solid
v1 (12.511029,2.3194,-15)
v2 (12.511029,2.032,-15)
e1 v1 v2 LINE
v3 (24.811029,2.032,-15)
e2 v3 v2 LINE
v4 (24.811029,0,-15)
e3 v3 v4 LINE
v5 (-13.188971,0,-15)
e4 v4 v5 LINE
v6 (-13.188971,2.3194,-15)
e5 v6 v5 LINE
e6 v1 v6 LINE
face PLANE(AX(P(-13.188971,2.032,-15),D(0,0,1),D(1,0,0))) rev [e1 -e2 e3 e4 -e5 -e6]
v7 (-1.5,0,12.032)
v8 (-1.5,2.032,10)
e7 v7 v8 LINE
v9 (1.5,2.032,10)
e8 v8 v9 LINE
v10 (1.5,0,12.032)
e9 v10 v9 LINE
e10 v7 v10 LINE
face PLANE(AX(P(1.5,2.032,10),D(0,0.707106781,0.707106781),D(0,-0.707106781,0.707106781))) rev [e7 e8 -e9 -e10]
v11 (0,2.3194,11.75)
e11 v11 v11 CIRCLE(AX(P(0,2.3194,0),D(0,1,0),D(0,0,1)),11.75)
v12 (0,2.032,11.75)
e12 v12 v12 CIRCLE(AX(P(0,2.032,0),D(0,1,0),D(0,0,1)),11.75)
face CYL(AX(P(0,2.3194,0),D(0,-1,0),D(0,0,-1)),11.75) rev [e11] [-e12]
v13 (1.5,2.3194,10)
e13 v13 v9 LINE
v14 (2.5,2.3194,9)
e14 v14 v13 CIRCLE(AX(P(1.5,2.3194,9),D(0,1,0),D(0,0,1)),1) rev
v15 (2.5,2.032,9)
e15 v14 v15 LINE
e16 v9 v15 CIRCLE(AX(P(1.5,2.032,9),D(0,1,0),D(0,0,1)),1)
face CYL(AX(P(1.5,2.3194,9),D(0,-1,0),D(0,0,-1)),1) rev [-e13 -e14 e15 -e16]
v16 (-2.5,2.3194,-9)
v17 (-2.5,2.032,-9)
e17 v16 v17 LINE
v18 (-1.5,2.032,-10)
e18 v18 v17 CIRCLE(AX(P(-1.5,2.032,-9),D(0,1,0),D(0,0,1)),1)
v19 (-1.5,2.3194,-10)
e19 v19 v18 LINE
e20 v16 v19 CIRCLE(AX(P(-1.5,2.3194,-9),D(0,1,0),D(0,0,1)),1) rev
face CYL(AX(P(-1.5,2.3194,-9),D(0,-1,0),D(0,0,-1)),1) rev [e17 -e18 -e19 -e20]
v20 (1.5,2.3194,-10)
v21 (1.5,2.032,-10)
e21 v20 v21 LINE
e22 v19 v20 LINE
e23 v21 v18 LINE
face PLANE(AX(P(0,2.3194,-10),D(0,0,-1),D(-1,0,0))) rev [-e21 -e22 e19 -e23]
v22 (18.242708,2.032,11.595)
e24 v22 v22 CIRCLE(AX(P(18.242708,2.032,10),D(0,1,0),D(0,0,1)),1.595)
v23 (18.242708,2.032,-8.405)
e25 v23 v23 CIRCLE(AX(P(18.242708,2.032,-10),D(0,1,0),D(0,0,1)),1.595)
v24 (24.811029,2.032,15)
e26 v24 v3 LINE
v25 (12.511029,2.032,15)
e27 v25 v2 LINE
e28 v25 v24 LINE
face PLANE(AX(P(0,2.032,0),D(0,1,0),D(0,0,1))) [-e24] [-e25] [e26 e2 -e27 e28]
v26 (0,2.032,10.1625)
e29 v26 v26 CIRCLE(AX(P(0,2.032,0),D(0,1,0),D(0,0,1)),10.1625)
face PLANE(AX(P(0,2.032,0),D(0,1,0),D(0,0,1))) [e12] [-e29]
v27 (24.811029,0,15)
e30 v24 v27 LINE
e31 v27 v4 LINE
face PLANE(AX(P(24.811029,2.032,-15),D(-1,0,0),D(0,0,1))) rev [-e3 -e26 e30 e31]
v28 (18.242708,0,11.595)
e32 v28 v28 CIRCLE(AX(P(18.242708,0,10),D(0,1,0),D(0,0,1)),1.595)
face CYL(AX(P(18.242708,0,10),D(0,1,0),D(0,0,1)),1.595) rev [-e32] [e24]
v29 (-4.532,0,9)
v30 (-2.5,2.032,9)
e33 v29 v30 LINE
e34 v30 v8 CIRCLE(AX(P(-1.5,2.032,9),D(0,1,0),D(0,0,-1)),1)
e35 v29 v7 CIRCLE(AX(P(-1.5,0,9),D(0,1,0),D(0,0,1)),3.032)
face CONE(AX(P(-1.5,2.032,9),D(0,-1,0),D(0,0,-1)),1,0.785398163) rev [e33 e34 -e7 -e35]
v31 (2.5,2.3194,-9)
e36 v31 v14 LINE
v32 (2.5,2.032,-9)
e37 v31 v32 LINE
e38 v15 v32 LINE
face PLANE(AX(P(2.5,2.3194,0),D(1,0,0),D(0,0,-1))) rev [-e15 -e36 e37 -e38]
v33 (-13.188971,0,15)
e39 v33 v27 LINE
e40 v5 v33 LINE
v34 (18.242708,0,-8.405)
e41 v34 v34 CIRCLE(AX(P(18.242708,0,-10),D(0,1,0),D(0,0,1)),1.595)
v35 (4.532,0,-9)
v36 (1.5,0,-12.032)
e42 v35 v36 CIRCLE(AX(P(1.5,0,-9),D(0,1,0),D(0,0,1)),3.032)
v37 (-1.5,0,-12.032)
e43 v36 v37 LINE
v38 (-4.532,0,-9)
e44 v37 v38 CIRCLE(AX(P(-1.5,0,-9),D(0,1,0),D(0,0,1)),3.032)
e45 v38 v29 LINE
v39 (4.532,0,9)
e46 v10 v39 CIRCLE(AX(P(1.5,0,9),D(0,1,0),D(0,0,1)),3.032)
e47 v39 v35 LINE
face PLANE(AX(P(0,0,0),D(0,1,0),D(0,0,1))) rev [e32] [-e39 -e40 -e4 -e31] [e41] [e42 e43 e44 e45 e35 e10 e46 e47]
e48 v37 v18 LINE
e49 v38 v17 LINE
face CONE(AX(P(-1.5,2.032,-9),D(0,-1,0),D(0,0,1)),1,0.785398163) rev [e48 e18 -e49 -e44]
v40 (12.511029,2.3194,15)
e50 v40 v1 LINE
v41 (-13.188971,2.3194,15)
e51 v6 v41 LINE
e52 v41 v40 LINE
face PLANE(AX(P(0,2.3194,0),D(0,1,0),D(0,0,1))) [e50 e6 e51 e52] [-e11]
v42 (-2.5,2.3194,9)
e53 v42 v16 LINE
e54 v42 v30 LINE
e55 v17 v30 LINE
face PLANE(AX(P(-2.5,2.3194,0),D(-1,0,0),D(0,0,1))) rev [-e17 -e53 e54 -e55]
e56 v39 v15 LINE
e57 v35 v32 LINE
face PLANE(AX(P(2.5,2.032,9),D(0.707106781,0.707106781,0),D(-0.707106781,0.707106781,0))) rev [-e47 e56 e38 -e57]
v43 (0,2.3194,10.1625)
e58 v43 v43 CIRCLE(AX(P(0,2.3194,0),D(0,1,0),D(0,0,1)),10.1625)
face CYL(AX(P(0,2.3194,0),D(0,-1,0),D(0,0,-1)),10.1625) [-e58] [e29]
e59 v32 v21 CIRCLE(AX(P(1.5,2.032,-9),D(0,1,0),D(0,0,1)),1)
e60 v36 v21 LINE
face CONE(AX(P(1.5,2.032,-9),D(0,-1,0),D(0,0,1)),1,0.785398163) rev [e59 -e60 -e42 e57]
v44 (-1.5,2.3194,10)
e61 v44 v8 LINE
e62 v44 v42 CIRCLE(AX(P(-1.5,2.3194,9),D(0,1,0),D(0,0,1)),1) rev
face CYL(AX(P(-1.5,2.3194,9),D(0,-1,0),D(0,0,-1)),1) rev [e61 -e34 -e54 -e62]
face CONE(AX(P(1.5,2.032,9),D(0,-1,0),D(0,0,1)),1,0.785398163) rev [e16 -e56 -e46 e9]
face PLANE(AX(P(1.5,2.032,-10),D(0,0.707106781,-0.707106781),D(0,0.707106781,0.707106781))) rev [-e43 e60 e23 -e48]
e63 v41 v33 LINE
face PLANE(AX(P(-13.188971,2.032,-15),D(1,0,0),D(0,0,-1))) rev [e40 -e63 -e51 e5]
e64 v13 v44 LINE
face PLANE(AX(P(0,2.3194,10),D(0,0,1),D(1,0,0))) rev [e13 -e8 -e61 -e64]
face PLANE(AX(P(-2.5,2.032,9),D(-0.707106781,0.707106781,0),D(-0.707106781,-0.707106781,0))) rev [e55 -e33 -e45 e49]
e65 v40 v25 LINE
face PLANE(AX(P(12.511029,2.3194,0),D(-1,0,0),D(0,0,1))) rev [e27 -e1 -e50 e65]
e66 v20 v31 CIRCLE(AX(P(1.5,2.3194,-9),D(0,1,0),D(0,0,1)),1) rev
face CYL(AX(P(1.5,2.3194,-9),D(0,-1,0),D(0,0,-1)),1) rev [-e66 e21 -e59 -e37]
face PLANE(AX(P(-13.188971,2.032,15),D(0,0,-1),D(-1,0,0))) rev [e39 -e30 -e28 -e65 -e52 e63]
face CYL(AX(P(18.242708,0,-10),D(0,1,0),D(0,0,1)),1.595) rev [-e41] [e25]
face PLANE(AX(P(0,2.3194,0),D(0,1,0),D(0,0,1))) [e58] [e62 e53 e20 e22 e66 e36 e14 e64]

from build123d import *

# Parameters (mm, degrees)
SKETCH2_W           = 38
SKETCH2_H           = 30
BOSS_EXTRUDE1_DEPTH = 2.032
CUT_EXTRUDE4_DEPTH  = 3.032
CUT_EXTRUDE4_TAPER  = -45
SKETCH5_R           = 1.595
CUT_EXTRUDE5_DEPTH  = 3.0320001
SKETCH6_W           = 25.7
SKETCH6_H           = 30
SKETCH6_R           = 11.75
SKETCH6_R_2         = 10.1625
BOSS_EXTRUDE4_DEPTH = 0.2874


with BuildPart() as part:
    # Sketch2 → Boss-Extrude1 (new body)
    with BuildSketch(Plane(origin=(0, 0, 0), x_dir=(1, 0, 0), z_dir=(0, 1, 0))):
        with Locations((5.811028754, 0)):
            Rectangle(SKETCH2_W, SKETCH2_H)
    extrude(amount=BOSS_EXTRUDE1_DEPTH)

    # Sketch4 → Cut-Extrude4 (cut, through all)
    with BuildSketch(Plane(origin=(0, 2.032, 0), x_dir=(1, 0, 0), z_dir=(0, 1, 0))):
        with BuildLine():
            ThreePointArc((1.5, -10), (2.207106781, -9.707106781), (2.5, -9))
            Line((2.5, -9), (2.5, 9))
            ThreePointArc((2.5, 9), (2.207106781, 9.707106781), (1.5, 10))
            Line((1.5, 10), (-1.5, 10))
            ThreePointArc((-1.5, 10), (-2.207106781, 9.707106781), (-2.5, 9))
            Line((-2.5, 9), (-2.5, -9))
            ThreePointArc((-2.5, -9), (-2.207106781, -9.707106781), (-1.5, -10))
            Line((-1.5, -10), (1.5, -10))
        make_face()
    extrude(amount=-CUT_EXTRUDE4_DEPTH, taper=CUT_EXTRUDE4_TAPER, mode=Mode.SUBTRACT)

    # Sketch5 → Cut-Extrude5 (cut, through all)
    with BuildSketch(Plane(origin=(0, 2.032, 0), x_dir=(1, 0, 0), z_dir=(0, 1, 0))):
        with Locations((18.242707696, -10)):
            Circle(SKETCH5_R)
        with Locations((18.242707696, 10)):
            Circle(SKETCH5_R)
    extrude(amount=-CUT_EXTRUDE5_DEPTH, mode=Mode.SUBTRACT)

    # Sketch6 → Boss-Extrude4 (add)
    with BuildSketch(Plane(origin=(0, 2.032, 0), x_dir=(1, 0, 0), z_dir=(0, 1, 0))):
        with Locations((-0.338971246, 0)):
            Rectangle(SKETCH6_W, SKETCH6_H)
        Circle(SKETCH6_R, mode=Mode.SUBTRACT)
        Circle(SKETCH6_R_2)
        with BuildLine():
            Line((1.5, -10), (-1.5, -10))
            ThreePointArc((-1.5, -10), (-2.207106781, -9.707106781), (-2.5, -9))
            Line((-2.5, -9), (-2.5, 9))
            ThreePointArc((-2.5, 9), (-2.207106781, 9.707106781), (-1.5, 10))
            Line((-1.5, 10), (1.5, 10))
            ThreePointArc((1.5, 10), (2.207106781, 9.707106781), (2.5, 9))
            Line((2.5, 9), (2.5, -9))
            ThreePointArc((2.5, -9), (2.207106781, -9.707106781), (1.5, -10))
        make_face(mode=Mode.SUBTRACT)
    extrude(amount=BOSS_EXTRUDE4_DEPTH)


solid = part.part
